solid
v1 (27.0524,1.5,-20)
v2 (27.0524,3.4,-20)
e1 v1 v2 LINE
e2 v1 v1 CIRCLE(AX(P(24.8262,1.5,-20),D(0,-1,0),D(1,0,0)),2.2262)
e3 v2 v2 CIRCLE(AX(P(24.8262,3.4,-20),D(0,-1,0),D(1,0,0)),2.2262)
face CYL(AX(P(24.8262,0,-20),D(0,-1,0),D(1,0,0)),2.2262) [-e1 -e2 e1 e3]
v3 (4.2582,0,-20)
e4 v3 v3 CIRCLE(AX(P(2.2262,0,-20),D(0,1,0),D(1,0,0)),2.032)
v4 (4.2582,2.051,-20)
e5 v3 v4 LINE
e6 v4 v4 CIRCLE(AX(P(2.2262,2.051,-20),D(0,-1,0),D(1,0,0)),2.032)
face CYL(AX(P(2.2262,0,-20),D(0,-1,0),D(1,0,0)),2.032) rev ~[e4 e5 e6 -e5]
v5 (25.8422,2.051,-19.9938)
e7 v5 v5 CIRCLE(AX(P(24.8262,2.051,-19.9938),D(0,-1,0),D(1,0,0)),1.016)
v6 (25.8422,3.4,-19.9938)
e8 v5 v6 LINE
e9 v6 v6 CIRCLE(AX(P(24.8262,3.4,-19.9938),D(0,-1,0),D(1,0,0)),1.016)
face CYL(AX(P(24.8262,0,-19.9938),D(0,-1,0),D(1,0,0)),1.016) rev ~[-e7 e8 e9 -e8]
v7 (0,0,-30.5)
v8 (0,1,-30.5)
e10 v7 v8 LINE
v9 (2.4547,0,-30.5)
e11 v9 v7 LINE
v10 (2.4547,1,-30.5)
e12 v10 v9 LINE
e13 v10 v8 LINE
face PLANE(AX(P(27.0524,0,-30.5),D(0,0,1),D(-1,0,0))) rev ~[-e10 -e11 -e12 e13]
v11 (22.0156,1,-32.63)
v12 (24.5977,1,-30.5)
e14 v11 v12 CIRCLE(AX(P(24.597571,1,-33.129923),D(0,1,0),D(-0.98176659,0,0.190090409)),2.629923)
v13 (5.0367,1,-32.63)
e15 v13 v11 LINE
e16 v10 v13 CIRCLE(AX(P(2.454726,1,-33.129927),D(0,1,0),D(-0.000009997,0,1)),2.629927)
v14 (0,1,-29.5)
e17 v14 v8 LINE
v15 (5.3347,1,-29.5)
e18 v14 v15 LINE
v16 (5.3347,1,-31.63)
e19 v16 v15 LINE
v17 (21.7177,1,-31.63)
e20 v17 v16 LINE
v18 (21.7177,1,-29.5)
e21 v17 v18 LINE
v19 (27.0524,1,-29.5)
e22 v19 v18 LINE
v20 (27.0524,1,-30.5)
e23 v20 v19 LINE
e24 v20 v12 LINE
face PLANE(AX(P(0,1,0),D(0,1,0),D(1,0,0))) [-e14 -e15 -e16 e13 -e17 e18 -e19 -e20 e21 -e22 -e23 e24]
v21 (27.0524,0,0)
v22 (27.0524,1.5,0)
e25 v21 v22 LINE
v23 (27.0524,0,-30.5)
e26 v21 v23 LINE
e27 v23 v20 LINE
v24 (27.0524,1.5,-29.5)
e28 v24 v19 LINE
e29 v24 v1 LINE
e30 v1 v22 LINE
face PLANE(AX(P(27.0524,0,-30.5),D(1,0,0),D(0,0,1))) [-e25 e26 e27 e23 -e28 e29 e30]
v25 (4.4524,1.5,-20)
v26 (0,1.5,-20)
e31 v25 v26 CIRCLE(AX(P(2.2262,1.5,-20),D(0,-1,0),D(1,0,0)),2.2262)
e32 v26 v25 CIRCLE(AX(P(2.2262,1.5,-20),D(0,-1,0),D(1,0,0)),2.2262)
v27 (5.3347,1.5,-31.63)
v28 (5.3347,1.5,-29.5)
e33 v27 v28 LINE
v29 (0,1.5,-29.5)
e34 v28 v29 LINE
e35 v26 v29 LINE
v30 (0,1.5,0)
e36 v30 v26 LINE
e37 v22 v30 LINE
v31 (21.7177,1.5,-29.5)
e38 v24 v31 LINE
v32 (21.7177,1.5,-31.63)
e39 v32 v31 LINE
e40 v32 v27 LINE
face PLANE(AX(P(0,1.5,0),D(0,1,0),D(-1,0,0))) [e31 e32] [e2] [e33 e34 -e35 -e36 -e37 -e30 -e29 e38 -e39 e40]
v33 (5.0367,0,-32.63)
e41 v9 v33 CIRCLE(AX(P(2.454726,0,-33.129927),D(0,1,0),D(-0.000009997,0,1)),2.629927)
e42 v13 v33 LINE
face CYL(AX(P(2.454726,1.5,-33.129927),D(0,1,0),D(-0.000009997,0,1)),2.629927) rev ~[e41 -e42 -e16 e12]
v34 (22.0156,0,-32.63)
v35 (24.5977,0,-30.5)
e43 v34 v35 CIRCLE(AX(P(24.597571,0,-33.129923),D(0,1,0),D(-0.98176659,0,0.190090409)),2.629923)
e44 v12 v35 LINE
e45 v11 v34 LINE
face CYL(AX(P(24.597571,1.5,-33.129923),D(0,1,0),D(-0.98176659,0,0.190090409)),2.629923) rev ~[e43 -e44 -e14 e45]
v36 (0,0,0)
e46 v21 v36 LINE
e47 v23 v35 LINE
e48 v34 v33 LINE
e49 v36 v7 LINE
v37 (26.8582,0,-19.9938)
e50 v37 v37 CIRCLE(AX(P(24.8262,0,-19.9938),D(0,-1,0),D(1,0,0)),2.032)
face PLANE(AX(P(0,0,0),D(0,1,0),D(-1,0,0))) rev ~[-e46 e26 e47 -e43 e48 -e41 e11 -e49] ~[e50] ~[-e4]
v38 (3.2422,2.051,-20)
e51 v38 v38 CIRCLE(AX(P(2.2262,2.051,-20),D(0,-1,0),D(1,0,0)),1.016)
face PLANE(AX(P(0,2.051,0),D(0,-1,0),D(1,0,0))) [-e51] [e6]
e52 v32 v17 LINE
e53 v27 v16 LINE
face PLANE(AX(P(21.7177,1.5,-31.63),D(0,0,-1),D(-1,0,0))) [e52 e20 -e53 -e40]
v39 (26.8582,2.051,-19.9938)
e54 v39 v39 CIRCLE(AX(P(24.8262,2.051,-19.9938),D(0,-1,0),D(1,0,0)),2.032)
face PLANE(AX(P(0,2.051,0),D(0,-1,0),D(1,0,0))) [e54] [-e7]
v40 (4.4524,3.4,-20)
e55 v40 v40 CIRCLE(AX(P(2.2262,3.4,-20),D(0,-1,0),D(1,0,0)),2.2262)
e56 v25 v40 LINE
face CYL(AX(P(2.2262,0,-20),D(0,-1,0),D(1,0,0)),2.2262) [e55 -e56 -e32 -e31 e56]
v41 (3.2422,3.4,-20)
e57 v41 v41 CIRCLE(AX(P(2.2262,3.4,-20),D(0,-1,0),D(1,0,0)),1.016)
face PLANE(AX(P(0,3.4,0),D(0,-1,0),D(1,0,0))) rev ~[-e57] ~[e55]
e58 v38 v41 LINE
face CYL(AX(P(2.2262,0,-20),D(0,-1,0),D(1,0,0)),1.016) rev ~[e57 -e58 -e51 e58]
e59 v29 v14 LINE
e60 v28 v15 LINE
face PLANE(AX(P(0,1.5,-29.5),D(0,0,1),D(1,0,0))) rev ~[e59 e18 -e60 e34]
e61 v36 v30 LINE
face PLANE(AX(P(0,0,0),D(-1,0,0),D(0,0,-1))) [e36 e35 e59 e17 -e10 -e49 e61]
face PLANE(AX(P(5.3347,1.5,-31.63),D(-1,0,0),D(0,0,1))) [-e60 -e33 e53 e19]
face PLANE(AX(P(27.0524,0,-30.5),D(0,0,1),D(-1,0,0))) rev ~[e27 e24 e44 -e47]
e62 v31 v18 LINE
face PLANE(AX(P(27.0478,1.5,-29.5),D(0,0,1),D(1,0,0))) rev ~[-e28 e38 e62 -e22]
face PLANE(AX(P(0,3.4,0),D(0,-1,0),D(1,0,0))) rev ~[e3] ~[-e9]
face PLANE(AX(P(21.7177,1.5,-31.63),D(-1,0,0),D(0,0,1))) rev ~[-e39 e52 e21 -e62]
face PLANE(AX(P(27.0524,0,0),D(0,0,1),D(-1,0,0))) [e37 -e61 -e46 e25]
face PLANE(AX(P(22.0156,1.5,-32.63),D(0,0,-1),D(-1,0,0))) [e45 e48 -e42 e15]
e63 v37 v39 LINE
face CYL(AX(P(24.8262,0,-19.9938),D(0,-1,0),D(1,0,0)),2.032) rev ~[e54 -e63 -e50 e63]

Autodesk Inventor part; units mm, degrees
ref_plane "YZ Plane" through (0, 0, 0) normal (1, 0, 0) x (0, 1, 0)
ref_plane "XZ Plane" through (0, 0, 0) normal (0, 1, 0) x (-1, 0, 0)
ref_plane "XY Plane" through (0, 0, 0) normal (0, 0, 1) x (1, 0, 0)
sketch "Sketch1" plane through (0, 0, 0) normal (0, 1, 0) x (-1, 0, 0)
  line L0 (-27.0524, -30.5) -> (0, -30.5)
  line L1 (-27.0524, -30.5) -> (-27.0524, 0)
  line L2 (-27.0524, 0) -> (0, 0)
  line L3 (0, 0) -> (0, -30.5)
  point P0 (-13.5262, -30.5)
extrude "Extrusion1" add sketch "Sketch1" along normal blind 1.5
sketch "Sketch2" plane through (0, 0, 0) normal (0, -1, 0) x (1, 0, 0)
  circle A0 centre (2.2262, -20) radius 2.2262
  circle A1 centre (24.8262, -20) radius 2.2262
  point P0 (0, 0)
  point P1 (13.5262, -30.5)
  point P2 (27.0524, -30.5)
extrude "Extrusion2" add sketch "Sketch2" against normal blind 3.4
sketch "Sketch3" plane through (0, 0, 0) normal (0, -1, 0) x (1, 0, 0)
  circle A0 centre (24.8262, -19.9938) radius 1.016
  circle A1 centre (2.2262, -20) radius 1.016
  point P0 (0, 0)
  point P1 (13.5262, 0)
  point P2 (1.4262, -20)
  point P3 (0, -30.5)
  dimension "d4" = 2.032
extrude "Extrusion3" cut sketch "Sketch3" against normal up to surface (3.4 mm away)
sketch "Sketch4" plane through (0, 0, 0) normal (0, -1, 0) x (1, 0, 0)
  circle A0 centre (24.8262, -19.9938) radius 2.032
  circle A1 centre (2.2262, -20) radius 2.032
  line L0 (2.2262, -20) -> (0, -20)
  line L1 (0, -20) -> (0, -30.5)
  line L2 (0, -30.5) -> (0, 0) projected
  point P0 (13.5262, 0)
  dimension "d7" = 4.064
  dimension "d8" = 4.064
extrude "Extrusion4" cut sketch "Sketch4" against normal blind 2.051
sketch "Sketch13" plane through (0, 1.5, 0) normal (0, 1, 0) x (1, 0, 0)
  arc A0 (22.0156, 32.63) -> (24.5977, 30.5) centre (24.5977, 33.13) ccw
  arc A1 (2.4547, 30.5) -> (5.0367, 32.63) centre (2.4547, 33.13) ccw
  line L0 (22.0156, 32.63) -> (5.0367, 32.63)
  arc A2 (2.4547, 30.5) -> (5.0367, 32.63) centre (2.4547, 33.13) ccw
  line L1 (27.0524, 20) -> (27.0524, 30.5) projected
  line L2 (2.4547, 30.5) -> (24.5977, 30.5)
  line L3 (27.0524, 30.5) -> (0, 30.5) projected
  point P0 (0, 0)
  point P1 (13.5262, 31)
  point P2 (24.5977, 30.5)
extrude "Extrusion11" add sketch "Sketch13" against normal up to surface (1.5 mm away)
sketch "Sketch14" plane through (0, 1.5, 0) normal (0, 1, 0) x (1, 0, 0)
  line L0 (27.0478, 29.5) -> (21.7177, 29.5)
  line L1 (21.7177, 31.63) -> (5.3347, 31.63)
  line L2 (21.7177, 31.63) -> (21.7177, 29.5)
  line L3 (21.7177, 31.63) -> (5.3347, 31.63)
  line L4 (5.3347, 31.63) -> (5.3347, 29.5)
  line L5 (0, 29.5) -> (4.5847, 29.5)
  line L6 (5.3347, 29.5) -> (4.5847, 29.5)
  line L7 (4.5847, 29.5) -> (0, 29.5)
  line L8 (2.4547, 30.5) -> (0, 30.5)
  line L9 (0, 29.5) -> (0, 30.5)
  line L10 (0, 30.5) -> (2.4547, 30.5)
  arc A0 (2.4547, 30.5) -> (5.0367, 32.63) centre (2.4547, 33.13) ccw
  line L11 (5.0367, 32.63) -> (22.0156, 32.63)
  line L12 (5.0367, 32.63) -> (22.0156, 32.63)
  line L13 (27.0524, 30.5) -> (27.0524, 29.5)
  line L14 (27.0524, 29.5) -> (27.0524, 30.5)
  line L15 (27.0524, 30.5) -> (24.5977, 30.5)
  arc A1 (22.0156, 32.63) -> (24.5977, 30.5) centre (24.5977, 33.13) ccw
  arc A2 (22.0156, 32.63) -> (24.5977, 30.5) centre (24.5977, 33.13) ccw
  arc A3 (2.4547, 30.5) -> (5.0367, 32.63) centre (2.4547, 33.13) ccw
  line L16 (27.0524, 30.5) -> (24.5977, 30.5) projected
  line L17 (0, 29.5) -> (5.3347, 29.5)
  line L18 (5.3347, 31.63) -> (5.3347, 29.5)
  line L19 (5.3347, 31.63) -> (21.7177, 31.63)
  line L20 (21.7177, 29.5) -> (21.7177, 31.63)
  line L21 (21.7177, 29.5) -> (27.0524, 29.5)
  line L22 (27.0524, 0) -> (27.0524, 30.5) projected
  line L23 (27.0524, 29.5) -> (27.0524, 30.5)
  arc A4 (22.0156, 32.63) -> (24.5977, 30.5) centre (24.5977, 33.13) ccw projected
  line L24 (27.0524, 30.5) -> (24.5977, 30.5)
  line L25 (22.0156, 32.63) -> (5.0367, 32.63) projected
  line L26 (22.0156, 32.63) -> (5.0367, 32.63)
  line L27 (2.4547, 30.5) -> (0, 30.5) projected
  line L28 (2.4547, 30.5) -> (0, 30.5)
  line L29 (0, 30.5) -> (0, 29.5)
  arc A5 (2.4547, 30.5) -> (5.0367, 32.63) centre (2.4547, 33.13) ccw
  arc A6 (22.0156, 32.63) -> (24.5977, 30.5) centre (24.5977, 33.13) ccw
  point P0 (0, 0)
  point P1 (13.5262, 31)
extrude "Extrusion12" cut sketch "Sketch14" against normal blind 0.5
properties part number "ExpansionCard_SelfTapping_Lid"
